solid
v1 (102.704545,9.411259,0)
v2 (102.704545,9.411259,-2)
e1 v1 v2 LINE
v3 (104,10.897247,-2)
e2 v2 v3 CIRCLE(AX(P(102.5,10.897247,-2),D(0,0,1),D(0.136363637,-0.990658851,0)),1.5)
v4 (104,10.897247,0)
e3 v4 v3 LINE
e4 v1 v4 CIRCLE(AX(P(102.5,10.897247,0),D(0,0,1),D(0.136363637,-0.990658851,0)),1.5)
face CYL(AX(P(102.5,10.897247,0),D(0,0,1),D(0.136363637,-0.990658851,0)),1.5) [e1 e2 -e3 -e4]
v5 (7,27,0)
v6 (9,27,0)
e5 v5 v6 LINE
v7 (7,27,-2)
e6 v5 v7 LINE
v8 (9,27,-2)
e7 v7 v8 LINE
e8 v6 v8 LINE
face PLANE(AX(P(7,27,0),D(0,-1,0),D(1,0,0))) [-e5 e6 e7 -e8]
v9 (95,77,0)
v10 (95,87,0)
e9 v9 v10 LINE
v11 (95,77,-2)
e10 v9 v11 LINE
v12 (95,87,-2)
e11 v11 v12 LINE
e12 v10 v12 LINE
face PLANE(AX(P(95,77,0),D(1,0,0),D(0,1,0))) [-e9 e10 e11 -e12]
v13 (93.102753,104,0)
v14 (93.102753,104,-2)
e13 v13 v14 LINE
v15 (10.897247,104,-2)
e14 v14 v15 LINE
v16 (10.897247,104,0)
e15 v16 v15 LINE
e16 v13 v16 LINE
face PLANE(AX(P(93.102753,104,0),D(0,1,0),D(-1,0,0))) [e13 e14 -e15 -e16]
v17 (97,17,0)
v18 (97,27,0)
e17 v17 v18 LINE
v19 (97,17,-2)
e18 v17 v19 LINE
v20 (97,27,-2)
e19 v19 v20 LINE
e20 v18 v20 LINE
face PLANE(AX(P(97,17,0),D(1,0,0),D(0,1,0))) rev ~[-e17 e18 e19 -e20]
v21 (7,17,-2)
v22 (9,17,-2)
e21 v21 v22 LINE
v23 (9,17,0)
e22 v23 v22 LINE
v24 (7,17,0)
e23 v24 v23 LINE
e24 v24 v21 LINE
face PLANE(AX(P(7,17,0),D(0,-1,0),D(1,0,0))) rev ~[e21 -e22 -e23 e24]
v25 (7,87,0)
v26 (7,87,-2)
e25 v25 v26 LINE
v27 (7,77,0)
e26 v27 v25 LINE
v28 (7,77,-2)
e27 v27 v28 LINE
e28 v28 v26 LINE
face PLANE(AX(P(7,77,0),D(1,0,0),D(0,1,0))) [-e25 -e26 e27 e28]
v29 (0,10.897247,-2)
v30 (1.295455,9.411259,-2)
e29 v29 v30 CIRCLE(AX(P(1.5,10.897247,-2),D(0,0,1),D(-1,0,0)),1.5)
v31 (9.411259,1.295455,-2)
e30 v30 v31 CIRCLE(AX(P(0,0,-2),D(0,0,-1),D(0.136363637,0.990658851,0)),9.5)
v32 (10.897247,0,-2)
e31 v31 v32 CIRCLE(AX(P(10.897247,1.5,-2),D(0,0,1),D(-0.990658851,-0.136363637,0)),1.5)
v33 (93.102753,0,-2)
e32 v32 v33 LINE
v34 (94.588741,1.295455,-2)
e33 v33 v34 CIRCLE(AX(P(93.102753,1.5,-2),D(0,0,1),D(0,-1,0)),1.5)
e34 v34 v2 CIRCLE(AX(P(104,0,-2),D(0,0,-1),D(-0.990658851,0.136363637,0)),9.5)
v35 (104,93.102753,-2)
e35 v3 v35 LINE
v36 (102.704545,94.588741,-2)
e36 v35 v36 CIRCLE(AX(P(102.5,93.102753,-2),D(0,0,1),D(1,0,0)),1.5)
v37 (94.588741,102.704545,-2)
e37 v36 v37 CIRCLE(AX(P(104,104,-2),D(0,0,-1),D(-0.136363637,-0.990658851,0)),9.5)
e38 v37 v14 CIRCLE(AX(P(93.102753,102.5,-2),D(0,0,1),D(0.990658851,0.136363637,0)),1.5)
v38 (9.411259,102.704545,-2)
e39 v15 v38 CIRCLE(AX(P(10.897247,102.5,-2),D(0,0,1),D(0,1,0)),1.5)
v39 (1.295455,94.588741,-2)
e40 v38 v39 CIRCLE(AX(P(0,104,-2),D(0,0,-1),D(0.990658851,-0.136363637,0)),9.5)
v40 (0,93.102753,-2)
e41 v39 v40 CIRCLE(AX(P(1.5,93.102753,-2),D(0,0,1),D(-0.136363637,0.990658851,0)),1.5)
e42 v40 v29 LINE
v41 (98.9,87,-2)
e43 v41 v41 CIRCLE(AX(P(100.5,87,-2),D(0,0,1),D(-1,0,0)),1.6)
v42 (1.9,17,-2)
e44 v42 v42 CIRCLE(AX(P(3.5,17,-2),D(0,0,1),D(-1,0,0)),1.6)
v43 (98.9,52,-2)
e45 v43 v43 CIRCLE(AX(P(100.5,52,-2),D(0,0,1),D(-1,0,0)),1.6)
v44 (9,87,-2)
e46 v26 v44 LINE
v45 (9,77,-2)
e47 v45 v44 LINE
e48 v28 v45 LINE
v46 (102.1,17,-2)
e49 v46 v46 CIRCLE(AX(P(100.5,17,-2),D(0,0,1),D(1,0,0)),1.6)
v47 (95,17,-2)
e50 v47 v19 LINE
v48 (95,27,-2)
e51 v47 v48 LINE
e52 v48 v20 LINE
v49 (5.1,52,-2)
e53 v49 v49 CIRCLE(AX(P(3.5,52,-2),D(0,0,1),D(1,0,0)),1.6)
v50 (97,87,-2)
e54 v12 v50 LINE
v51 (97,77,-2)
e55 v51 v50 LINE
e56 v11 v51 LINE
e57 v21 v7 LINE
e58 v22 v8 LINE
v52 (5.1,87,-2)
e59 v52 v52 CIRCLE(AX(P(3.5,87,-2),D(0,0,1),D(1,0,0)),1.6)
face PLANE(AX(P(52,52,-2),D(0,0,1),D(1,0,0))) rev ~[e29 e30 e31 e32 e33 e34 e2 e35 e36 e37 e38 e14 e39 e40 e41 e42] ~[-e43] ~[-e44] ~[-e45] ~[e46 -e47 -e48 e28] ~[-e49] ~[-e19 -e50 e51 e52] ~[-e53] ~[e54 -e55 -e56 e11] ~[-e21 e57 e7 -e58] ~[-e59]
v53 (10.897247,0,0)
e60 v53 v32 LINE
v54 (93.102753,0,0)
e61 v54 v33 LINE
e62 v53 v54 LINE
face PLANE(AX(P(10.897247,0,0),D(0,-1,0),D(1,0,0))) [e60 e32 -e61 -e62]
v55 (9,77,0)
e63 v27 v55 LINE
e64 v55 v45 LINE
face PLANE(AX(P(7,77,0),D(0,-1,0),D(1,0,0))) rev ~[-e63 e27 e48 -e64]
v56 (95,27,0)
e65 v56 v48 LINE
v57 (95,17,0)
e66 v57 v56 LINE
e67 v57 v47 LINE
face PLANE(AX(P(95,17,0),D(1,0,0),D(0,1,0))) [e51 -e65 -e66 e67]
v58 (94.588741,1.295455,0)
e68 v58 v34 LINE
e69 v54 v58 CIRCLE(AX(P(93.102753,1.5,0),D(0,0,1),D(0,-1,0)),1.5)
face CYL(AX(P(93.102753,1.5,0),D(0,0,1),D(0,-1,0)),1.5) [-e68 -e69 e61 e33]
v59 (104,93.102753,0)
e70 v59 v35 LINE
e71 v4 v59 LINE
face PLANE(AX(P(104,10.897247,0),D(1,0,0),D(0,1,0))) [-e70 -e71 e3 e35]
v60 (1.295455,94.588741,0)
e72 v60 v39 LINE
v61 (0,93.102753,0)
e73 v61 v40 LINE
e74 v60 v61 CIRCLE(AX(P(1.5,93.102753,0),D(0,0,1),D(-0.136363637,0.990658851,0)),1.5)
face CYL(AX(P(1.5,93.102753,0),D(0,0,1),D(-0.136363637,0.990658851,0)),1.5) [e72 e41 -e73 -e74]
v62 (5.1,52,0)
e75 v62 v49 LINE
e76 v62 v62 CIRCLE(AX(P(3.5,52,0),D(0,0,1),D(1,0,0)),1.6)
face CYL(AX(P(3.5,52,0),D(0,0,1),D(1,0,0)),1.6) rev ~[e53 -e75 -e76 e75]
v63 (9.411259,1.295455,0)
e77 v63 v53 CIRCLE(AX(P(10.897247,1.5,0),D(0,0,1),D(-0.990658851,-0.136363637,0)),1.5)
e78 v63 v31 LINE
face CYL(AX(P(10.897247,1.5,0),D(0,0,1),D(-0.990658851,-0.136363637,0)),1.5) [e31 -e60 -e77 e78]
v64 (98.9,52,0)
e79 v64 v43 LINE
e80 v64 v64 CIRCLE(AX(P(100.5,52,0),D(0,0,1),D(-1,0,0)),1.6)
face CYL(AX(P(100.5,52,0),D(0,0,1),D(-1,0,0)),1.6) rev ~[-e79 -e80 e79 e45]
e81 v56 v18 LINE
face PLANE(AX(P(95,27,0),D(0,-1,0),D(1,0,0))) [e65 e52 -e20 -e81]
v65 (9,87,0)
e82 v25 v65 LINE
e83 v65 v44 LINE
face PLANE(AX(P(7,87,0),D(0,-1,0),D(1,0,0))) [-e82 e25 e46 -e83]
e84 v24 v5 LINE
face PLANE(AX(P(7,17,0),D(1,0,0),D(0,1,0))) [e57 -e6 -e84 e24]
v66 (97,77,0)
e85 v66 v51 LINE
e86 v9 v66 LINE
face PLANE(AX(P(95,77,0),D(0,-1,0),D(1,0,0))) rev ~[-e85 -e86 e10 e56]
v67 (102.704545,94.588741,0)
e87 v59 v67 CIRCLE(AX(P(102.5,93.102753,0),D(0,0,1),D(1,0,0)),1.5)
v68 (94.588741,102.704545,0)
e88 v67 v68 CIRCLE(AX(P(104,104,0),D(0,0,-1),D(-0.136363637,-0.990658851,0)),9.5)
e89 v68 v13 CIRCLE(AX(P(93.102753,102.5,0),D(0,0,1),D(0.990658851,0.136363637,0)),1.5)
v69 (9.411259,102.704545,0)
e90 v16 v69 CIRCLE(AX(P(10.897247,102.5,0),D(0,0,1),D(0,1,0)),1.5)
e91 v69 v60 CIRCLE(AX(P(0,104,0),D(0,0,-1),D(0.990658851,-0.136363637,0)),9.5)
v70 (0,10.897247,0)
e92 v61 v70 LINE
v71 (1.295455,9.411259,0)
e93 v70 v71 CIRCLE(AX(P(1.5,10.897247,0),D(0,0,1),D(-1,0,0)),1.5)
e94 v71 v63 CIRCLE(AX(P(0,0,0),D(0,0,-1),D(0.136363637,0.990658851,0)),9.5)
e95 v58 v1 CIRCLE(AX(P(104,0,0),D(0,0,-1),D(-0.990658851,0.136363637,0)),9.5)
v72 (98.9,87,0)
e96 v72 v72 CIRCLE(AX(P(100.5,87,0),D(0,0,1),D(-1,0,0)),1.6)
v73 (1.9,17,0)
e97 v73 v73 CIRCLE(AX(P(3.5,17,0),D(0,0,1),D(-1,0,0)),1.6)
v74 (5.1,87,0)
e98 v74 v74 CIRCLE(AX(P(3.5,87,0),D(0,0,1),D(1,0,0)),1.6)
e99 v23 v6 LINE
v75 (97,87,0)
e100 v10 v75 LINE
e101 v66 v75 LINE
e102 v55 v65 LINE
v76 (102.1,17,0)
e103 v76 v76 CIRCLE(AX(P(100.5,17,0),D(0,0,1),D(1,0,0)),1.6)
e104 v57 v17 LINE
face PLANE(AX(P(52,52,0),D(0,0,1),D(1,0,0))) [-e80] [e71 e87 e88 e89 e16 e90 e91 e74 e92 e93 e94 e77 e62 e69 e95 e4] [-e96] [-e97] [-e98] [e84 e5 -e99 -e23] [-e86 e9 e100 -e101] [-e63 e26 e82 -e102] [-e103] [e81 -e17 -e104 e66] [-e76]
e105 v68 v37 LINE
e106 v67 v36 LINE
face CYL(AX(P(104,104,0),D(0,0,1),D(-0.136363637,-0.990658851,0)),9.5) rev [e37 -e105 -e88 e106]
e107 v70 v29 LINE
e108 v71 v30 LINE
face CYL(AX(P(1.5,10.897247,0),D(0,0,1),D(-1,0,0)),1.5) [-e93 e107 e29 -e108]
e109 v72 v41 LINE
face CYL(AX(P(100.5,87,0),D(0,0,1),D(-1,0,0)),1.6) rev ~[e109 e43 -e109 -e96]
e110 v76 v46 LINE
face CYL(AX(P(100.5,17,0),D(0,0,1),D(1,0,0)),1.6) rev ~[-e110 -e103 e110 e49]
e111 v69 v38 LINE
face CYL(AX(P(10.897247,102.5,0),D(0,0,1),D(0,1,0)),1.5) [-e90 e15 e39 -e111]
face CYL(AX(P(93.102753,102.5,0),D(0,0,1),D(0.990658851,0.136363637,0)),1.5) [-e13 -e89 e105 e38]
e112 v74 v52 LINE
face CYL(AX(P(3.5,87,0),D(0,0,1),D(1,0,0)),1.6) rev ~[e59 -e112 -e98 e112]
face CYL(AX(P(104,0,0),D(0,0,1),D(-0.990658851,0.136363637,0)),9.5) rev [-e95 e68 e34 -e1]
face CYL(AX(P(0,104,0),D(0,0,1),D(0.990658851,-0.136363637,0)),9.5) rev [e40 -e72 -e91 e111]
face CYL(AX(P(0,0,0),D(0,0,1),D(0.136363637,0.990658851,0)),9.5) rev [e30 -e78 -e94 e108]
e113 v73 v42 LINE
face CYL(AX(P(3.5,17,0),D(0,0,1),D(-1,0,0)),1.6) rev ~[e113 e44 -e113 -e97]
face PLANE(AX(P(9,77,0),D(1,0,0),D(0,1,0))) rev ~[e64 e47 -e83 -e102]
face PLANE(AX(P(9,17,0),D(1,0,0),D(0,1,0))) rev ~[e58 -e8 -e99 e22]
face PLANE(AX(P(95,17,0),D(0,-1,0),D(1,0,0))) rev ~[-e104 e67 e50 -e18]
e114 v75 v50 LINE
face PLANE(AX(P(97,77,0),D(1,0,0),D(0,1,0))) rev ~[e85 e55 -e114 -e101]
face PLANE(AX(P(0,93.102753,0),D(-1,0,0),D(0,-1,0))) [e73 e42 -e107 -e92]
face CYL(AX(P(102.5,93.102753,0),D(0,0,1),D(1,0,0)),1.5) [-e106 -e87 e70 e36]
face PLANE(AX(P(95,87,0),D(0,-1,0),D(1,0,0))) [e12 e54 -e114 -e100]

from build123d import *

# Parameters (mm, degrees)
CROQUIS1_R              = 1.6
CROQUIS1_W              = 2
CROQUIS1_H              = 10
SALIENTE_EXTRUIR1_DEPTH = 2


with BuildPart() as part:
    # Croquis1 → Saliente-Extruir1 (new body)
    with BuildSketch(Plane.XY):
        with BuildLine():
            Line((10.897247359, 0), (93.102752641, 0))
            ThreePointArc((93.102752641, 0), (94.088445752, 0.369332458), (94.588740917, 1.295454545))
            ThreePointArc((94.588740917, 1.295454545), (97.282485579, 6.717514421), (102.704545455, 9.411259083))
            ThreePointArc((102.704545455, 9.411259083), (103.630667542, 9.911554248), (104, 10.897247359))
            Line((104, 10.897247359), (104, 93.102752641))
            ThreePointArc((104, 93.102752641), (103.630667542, 94.088445752), (102.704545455, 94.588740917))
            ThreePointArc((102.704545455, 94.588740917), (97.282485579, 97.282485579), (94.588740917, 102.704545455))
            ThreePointArc((94.588740917, 102.704545455), (94.088445752, 103.630667542), (93.102752641, 104))
            Line((93.102752641, 104), (10.897247359, 104))
            ThreePointArc((10.897247359, 104), (9.911554248, 103.630667542), (9.411259083, 102.704545455))
            ThreePointArc((9.411259083, 102.704545455), (6.717514421, 97.282485579), (1.295454545, 94.588740917))
            ThreePointArc((1.295454545, 94.588740917), (0.369332458, 94.088445752), (0, 93.102752641))
            Line((0, 93.102752641), (0, 10.897247359))
            ThreePointArc((0, 10.897247359), (0.369332458, 9.911554248), (1.295454545, 9.411259083))
            ThreePointArc((1.295454545, 9.411259083), (6.717514421, 6.717514421), (9.411259083, 1.295454545))
            ThreePointArc((9.411259083, 1.295454545), (9.911554248, 0.369332458), (10.897247359, 0))
        make_face()
        with Locations((3.5, 52)):
            Circle(CROQUIS1_R, mode=Mode.SUBTRACT)
        with Locations((3.5, 87)):
            Circle(CROQUIS1_R, mode=Mode.SUBTRACT)
        with Locations(Location((3.5, 17, 0), (0, 0, 180))):
            Circle(CROQUIS1_R, mode=Mode.SUBTRACT)
        with Locations((100.5, 17)):
            Circle(CROQUIS1_R, mode=Mode.SUBTRACT)
        with Locations(Location((100.5, 52, 0), (0, 0, 180))):
            Circle(CROQUIS1_R, mode=Mode.SUBTRACT)
        with Locations(Location((100.5, 87, 0), (0, 0, 180))):
            Circle(CROQUIS1_R, mode=Mode.SUBTRACT)
        with Locations((8, 82)):
            Rectangle(CROQUIS1_W, CROQUIS1_H, mode=Mode.SUBTRACT)
        with Locations((96, 82)):
            Rectangle(CROQUIS1_W, CROQUIS1_H, mode=Mode.SUBTRACT)
        with Locations((96, 22)):
            Rectangle(CROQUIS1_W, CROQUIS1_H, mode=Mode.SUBTRACT)
        with Locations((8, 22)):
            Rectangle(CROQUIS1_W, CROQUIS1_H, mode=Mode.SUBTRACT)
    extrude(amount=-SALIENTE_EXTRUIR1_DEPTH)


solid = part.part
